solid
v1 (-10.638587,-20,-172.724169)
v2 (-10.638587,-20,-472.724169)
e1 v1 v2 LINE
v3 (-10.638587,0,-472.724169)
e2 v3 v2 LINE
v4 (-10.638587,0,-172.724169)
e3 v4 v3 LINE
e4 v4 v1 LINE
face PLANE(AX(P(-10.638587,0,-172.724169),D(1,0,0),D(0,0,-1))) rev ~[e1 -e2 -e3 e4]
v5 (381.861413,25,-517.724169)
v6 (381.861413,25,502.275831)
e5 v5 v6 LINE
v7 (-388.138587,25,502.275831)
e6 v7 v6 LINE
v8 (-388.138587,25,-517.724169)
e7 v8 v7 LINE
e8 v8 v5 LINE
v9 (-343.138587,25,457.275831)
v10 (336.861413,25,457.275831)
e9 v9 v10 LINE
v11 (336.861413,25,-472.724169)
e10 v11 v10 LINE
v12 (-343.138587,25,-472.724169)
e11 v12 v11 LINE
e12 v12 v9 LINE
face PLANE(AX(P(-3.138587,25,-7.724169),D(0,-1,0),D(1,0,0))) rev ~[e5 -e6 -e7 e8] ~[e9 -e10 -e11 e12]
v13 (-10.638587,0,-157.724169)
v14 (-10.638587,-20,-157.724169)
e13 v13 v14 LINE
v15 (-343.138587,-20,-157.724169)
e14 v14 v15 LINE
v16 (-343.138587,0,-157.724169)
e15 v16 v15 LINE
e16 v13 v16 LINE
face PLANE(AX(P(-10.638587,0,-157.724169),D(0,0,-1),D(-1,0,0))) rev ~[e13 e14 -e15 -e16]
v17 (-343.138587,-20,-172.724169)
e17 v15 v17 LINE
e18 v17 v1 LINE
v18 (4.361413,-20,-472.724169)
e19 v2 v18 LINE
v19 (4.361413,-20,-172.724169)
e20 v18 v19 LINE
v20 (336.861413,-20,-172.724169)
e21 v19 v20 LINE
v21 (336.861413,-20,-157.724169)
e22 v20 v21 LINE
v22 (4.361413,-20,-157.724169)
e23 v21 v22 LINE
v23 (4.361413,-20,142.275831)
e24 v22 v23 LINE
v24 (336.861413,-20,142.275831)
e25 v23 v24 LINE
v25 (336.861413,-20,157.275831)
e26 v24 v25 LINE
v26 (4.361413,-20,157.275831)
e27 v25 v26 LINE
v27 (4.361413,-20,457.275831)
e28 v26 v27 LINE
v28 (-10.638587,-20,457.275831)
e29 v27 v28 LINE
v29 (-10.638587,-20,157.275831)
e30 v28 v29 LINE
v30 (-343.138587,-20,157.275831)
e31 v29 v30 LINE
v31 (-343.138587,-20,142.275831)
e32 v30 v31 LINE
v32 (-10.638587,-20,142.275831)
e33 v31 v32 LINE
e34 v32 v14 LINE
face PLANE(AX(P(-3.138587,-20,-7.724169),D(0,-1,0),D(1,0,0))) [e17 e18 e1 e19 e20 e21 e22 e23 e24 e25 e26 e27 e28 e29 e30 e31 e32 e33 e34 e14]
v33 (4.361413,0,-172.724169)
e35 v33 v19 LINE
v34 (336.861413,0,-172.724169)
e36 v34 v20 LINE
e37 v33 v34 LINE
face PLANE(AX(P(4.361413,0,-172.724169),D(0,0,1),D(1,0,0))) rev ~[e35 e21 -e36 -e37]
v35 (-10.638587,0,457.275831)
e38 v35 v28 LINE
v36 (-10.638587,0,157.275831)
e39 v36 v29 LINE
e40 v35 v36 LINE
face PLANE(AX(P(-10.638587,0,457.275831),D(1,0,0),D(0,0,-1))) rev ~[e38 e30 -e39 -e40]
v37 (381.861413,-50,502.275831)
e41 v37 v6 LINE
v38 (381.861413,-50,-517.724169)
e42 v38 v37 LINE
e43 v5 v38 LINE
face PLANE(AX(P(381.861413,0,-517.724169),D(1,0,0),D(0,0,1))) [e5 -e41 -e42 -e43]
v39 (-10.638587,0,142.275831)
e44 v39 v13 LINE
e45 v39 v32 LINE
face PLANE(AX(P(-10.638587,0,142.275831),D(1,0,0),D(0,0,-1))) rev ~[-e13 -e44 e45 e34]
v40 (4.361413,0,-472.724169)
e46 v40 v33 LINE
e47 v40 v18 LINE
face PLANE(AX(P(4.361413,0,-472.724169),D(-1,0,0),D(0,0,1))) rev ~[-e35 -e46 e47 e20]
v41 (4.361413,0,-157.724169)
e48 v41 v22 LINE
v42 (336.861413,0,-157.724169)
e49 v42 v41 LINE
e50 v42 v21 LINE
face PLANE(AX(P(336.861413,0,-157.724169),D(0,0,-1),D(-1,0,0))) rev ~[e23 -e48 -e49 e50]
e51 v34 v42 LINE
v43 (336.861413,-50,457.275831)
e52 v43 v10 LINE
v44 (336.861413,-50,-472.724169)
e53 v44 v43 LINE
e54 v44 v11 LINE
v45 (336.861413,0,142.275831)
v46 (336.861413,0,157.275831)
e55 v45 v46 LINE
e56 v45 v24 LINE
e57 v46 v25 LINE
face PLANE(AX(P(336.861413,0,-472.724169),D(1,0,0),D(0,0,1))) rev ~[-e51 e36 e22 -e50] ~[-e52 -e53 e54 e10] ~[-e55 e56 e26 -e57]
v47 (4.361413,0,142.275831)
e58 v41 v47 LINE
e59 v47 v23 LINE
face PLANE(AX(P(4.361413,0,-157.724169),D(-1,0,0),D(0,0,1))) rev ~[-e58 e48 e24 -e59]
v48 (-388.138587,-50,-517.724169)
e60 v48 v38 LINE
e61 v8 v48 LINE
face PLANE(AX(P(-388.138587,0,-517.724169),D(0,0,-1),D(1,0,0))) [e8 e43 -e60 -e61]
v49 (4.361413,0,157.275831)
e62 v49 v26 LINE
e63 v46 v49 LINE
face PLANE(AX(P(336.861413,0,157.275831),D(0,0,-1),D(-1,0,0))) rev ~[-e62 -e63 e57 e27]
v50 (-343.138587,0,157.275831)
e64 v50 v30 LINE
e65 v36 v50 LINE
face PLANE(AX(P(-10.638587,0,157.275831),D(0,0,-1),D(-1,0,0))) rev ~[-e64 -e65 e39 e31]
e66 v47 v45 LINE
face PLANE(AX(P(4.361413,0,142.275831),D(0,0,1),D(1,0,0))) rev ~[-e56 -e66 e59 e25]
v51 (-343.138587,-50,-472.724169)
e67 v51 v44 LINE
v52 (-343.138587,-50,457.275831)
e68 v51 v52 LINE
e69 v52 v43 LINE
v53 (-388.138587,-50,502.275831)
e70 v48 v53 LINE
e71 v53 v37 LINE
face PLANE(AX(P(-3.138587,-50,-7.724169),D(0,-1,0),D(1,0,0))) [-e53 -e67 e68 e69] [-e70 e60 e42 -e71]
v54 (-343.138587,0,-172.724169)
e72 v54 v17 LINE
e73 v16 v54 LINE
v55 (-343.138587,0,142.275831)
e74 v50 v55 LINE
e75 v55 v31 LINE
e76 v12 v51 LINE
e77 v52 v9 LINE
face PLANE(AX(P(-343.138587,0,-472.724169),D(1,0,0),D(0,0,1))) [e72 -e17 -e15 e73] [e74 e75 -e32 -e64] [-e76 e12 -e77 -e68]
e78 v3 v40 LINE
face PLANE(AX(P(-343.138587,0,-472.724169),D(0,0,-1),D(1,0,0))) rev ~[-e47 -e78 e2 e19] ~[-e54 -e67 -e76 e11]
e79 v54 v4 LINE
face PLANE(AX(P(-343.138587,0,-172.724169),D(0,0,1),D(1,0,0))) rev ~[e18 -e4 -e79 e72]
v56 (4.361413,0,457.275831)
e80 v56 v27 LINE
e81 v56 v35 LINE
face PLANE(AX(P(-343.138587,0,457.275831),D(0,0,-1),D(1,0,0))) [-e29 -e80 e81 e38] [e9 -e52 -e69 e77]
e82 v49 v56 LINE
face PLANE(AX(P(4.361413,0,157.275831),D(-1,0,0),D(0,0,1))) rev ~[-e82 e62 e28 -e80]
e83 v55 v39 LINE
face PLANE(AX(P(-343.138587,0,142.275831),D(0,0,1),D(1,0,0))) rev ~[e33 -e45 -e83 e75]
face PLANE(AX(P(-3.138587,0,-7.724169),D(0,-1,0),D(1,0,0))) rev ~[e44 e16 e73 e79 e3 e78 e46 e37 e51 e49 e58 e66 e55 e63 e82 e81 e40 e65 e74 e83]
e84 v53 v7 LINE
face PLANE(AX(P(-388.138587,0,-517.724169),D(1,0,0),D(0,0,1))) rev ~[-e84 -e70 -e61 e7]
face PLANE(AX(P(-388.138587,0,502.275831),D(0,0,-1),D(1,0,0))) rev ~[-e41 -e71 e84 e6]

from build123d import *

# Parameters (mm, degrees)
F0_W          = 770
F0_H          = 1020
F0_W_2        = 680
F0_H_2        = 930
F1_DEPTH      = 50
F1_DEPTH_BACK = 25
F3_DEPTH      = 20


with BuildPart() as f1:
    # F0 (on Front) → F1 (new body, two sides)
    with BuildSketch(Plane.XZ) as f1_sk:
        with Locations((-3.138587, -7.724169)):
            Rectangle(F0_W, F0_H)
        with Locations((-3.138587, -7.724169)):
            Rectangle(F0_W_2, F0_H_2, mode=Mode.SUBTRACT)
    extrude(amount=F1_DEPTH)
    extrude(f1_sk.sketch, amount=-F1_DEPTH_BACK)

    # F2 (on Front) → F3 (join)
    with BuildSketch(Plane.XZ):
        Polygon((4.361413, 457.275831), (-10.638587, 457.275831), (-10.638587, 157.275831), (-343.138587, 157.275831), (-343.138587, 142.275831), (-10.638587, 142.275831), (-10.638587, -157.724169), (-343.138587, -157.724169), (-343.138587, -172.724169), (-10.638587, -172.724169), (-10.638587, -472.724169), (4.361413, -472.724169), (4.361413, -172.724169), (336.861413, -172.724169), (336.861413, -157.724169), (4.361413, -157.724169), (4.361413, 142.275831), (336.861413, 142.275831), (336.861413, 157.275831), (4.361413, 157.275831), align=None)
    extrude(amount=F3_DEPTH)


solid = f1.part
